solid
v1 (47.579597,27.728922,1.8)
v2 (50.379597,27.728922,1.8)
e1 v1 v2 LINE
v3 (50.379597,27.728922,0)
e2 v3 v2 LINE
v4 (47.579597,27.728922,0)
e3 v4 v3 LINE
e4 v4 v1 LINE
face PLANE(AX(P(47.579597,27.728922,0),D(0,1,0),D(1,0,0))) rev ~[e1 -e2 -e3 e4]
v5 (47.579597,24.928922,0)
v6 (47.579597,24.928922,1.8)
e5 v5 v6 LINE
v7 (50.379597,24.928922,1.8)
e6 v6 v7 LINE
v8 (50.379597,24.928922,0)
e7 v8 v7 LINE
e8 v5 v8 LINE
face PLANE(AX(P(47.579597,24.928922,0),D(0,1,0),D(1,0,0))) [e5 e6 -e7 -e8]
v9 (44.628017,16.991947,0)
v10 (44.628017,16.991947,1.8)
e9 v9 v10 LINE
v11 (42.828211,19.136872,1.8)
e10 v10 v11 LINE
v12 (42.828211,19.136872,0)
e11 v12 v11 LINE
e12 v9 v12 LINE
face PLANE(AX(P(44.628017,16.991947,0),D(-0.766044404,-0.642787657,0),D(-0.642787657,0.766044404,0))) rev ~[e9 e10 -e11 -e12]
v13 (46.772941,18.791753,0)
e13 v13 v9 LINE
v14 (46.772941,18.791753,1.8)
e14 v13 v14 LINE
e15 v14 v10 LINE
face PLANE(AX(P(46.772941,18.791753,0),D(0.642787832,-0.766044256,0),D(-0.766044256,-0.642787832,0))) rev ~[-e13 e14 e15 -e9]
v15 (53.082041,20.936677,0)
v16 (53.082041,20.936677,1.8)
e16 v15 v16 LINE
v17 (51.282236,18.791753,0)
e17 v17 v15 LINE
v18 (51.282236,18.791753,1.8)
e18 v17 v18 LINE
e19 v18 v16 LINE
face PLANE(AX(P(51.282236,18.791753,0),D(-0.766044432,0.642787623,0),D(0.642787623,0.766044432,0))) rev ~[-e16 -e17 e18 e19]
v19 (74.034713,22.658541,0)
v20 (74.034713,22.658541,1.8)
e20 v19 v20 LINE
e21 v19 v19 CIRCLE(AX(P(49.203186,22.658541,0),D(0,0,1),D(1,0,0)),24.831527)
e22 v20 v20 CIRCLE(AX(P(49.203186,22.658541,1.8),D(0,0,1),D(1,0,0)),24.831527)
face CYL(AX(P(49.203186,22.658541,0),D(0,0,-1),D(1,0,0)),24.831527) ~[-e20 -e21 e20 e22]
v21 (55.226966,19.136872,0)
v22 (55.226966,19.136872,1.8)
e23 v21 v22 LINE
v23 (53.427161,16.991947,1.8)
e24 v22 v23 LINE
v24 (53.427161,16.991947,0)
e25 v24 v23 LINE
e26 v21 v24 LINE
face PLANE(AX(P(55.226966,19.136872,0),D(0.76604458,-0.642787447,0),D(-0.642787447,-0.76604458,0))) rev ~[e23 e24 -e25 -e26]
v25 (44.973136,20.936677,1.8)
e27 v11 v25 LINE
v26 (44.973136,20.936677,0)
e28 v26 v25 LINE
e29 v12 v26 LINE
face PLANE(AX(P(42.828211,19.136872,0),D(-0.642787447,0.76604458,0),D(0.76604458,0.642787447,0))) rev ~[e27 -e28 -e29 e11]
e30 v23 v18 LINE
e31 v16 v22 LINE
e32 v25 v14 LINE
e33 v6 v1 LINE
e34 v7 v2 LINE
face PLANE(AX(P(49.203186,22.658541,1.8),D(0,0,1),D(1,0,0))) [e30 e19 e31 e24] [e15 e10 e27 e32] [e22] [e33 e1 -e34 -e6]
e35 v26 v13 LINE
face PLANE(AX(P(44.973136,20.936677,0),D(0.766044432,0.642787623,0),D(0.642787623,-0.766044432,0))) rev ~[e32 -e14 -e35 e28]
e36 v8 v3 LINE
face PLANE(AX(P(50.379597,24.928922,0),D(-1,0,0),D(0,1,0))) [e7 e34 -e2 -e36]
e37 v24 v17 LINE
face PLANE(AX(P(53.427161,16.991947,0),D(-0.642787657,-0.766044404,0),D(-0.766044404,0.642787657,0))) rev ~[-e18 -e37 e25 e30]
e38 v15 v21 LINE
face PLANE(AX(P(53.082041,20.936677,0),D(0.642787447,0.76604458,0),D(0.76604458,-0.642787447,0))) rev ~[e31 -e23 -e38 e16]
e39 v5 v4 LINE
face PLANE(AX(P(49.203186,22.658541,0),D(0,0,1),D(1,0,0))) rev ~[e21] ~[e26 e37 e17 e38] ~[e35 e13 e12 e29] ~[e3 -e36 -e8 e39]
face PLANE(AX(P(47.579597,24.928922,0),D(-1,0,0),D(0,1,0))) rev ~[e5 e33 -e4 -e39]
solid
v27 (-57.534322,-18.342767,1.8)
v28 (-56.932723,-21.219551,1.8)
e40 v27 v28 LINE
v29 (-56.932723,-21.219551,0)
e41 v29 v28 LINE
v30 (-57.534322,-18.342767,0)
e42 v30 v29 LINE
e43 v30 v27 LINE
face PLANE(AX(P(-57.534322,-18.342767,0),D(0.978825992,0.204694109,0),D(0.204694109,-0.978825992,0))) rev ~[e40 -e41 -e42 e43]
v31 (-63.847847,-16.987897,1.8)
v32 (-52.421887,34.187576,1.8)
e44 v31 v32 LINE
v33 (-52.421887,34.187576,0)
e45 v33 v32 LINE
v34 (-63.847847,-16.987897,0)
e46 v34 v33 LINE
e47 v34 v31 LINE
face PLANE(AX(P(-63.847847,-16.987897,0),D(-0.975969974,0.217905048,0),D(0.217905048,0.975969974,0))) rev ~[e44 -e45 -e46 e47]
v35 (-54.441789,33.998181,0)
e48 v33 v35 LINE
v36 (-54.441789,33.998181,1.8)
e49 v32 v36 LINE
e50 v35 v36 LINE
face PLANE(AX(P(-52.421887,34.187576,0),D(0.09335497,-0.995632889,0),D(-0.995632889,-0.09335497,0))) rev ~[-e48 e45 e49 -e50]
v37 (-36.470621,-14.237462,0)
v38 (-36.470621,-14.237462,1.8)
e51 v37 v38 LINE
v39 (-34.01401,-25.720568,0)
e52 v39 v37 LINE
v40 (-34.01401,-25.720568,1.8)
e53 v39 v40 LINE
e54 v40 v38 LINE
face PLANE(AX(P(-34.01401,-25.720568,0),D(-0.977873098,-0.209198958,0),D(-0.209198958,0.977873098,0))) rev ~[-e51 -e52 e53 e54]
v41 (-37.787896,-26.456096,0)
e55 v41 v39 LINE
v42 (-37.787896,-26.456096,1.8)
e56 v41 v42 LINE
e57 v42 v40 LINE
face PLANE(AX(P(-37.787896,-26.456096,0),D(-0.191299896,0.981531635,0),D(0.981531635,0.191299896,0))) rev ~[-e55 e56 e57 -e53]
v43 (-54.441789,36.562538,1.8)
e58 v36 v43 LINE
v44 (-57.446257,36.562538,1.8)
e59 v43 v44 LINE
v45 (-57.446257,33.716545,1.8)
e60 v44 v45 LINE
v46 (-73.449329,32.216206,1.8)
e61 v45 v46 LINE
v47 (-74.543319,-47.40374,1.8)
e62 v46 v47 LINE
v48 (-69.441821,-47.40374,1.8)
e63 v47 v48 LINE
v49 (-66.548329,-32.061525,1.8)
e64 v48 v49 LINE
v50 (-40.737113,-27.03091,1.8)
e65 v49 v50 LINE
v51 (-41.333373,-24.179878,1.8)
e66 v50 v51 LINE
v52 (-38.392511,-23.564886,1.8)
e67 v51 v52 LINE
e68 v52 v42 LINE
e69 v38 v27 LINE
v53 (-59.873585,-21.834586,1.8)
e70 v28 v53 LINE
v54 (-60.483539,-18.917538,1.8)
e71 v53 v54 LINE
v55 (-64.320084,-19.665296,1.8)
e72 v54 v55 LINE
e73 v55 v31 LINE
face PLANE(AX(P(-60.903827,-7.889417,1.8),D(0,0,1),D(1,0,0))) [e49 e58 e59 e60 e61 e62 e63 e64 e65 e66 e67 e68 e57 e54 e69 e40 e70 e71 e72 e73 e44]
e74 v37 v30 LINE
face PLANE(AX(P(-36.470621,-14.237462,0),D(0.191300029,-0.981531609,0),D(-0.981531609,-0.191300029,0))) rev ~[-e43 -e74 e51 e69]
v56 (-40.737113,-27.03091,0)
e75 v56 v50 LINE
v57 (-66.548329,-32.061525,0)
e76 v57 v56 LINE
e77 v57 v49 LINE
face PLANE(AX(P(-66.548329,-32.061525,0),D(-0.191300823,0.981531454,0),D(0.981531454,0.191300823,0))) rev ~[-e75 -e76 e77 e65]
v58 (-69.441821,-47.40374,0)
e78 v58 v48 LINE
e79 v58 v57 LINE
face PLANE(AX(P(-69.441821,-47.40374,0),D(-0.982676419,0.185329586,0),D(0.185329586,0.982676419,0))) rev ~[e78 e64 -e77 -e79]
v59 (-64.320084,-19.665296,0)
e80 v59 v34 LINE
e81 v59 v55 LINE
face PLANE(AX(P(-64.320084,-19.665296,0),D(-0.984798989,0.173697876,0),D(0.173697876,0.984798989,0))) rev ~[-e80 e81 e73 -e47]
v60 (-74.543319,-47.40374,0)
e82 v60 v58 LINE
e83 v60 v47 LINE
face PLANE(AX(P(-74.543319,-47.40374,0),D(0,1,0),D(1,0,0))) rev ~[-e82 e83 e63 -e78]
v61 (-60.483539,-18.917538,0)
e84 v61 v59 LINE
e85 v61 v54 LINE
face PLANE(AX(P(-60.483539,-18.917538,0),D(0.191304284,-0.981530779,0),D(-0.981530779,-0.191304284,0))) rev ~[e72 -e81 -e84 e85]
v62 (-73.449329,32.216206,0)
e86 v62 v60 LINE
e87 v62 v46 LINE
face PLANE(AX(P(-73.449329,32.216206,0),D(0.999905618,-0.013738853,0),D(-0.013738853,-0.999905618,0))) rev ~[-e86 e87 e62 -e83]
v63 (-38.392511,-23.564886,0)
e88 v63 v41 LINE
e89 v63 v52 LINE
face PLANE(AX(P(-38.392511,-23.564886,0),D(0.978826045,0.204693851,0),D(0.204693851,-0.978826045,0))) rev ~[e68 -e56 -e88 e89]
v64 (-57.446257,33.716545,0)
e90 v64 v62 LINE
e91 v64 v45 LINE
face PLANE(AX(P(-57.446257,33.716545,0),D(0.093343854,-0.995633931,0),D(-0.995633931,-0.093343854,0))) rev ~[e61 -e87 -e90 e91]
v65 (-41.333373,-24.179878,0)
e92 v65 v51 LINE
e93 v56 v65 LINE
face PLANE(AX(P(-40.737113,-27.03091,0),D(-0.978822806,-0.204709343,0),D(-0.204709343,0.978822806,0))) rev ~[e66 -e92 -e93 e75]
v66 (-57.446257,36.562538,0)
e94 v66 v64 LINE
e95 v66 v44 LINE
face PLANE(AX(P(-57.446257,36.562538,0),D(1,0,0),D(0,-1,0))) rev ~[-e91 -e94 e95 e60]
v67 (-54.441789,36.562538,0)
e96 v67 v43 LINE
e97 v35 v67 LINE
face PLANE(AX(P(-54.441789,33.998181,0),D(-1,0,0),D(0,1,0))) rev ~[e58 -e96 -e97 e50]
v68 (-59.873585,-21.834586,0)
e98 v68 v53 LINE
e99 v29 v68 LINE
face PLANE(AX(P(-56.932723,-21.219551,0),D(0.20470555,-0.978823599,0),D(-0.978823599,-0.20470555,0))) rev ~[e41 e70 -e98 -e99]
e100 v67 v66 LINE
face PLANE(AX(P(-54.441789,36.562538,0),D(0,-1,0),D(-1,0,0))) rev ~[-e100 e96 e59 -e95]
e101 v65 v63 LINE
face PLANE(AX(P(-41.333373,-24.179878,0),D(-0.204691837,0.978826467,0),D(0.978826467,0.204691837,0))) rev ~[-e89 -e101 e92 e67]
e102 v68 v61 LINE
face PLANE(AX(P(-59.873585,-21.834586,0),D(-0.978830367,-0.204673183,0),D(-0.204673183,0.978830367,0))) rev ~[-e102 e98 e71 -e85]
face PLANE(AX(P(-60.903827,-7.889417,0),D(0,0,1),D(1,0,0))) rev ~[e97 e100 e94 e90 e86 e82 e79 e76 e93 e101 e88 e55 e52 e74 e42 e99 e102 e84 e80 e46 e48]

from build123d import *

# Parameters (mm, degrees)
F0_R     = 24.831527
F0_W     = 2.8
F0_H     = 2.8
F1_DEPTH = 1.8
F2_DEPTH = 1.8


with BuildPart() as f1:
    # F0 (on Top) → F1 (new body)
    with BuildSketch(Plane.XY):
        with Locations((49.203186, 22.658541)):
            Circle(F0_R)
        Polygon((44.973136, 20.936677), (46.772941, 18.791753), (44.628017, 16.991947), (42.828211, 19.136872), align=None, mode=Mode.SUBTRACT)
        Polygon((55.226966, 19.136872), (53.427161, 16.991947), (51.282236, 18.791753), (53.082041, 20.936677), align=None, mode=Mode.SUBTRACT)
        with Locations((48.979597, 26.328922)):
            Rectangle(F0_W, F0_H, mode=Mode.SUBTRACT)
    extrude(amount=F1_DEPTH)


with BuildPart() as f2:
    # F0 (on Top) → F2 (new body)
    with BuildSketch(Plane.XY):
        Polygon((-34.01401, -25.720568), (-36.470621, -14.237462), (-57.534322, -18.342767), (-56.932723, -21.219551), (-59.873585, -21.834586), (-60.483539, -18.917538), (-64.320084, -19.665296), (-63.847847, -16.987897), (-52.421887, 34.187576), (-54.441789, 33.998181), (-54.441789, 36.562538), (-57.446257, 36.562538), (-57.446257, 33.716545), (-73.449329, 32.216206), (-74.543319, -47.40374), (-69.441821, -47.40374), (-66.548329, -32.061525), (-40.737113, -27.03091), (-41.333373, -24.179878), (-38.392511, -23.564886), (-37.787896, -26.456096), align=None)
    extrude(amount=F2_DEPTH)


solid = Compound([f1.part, f2.part])
